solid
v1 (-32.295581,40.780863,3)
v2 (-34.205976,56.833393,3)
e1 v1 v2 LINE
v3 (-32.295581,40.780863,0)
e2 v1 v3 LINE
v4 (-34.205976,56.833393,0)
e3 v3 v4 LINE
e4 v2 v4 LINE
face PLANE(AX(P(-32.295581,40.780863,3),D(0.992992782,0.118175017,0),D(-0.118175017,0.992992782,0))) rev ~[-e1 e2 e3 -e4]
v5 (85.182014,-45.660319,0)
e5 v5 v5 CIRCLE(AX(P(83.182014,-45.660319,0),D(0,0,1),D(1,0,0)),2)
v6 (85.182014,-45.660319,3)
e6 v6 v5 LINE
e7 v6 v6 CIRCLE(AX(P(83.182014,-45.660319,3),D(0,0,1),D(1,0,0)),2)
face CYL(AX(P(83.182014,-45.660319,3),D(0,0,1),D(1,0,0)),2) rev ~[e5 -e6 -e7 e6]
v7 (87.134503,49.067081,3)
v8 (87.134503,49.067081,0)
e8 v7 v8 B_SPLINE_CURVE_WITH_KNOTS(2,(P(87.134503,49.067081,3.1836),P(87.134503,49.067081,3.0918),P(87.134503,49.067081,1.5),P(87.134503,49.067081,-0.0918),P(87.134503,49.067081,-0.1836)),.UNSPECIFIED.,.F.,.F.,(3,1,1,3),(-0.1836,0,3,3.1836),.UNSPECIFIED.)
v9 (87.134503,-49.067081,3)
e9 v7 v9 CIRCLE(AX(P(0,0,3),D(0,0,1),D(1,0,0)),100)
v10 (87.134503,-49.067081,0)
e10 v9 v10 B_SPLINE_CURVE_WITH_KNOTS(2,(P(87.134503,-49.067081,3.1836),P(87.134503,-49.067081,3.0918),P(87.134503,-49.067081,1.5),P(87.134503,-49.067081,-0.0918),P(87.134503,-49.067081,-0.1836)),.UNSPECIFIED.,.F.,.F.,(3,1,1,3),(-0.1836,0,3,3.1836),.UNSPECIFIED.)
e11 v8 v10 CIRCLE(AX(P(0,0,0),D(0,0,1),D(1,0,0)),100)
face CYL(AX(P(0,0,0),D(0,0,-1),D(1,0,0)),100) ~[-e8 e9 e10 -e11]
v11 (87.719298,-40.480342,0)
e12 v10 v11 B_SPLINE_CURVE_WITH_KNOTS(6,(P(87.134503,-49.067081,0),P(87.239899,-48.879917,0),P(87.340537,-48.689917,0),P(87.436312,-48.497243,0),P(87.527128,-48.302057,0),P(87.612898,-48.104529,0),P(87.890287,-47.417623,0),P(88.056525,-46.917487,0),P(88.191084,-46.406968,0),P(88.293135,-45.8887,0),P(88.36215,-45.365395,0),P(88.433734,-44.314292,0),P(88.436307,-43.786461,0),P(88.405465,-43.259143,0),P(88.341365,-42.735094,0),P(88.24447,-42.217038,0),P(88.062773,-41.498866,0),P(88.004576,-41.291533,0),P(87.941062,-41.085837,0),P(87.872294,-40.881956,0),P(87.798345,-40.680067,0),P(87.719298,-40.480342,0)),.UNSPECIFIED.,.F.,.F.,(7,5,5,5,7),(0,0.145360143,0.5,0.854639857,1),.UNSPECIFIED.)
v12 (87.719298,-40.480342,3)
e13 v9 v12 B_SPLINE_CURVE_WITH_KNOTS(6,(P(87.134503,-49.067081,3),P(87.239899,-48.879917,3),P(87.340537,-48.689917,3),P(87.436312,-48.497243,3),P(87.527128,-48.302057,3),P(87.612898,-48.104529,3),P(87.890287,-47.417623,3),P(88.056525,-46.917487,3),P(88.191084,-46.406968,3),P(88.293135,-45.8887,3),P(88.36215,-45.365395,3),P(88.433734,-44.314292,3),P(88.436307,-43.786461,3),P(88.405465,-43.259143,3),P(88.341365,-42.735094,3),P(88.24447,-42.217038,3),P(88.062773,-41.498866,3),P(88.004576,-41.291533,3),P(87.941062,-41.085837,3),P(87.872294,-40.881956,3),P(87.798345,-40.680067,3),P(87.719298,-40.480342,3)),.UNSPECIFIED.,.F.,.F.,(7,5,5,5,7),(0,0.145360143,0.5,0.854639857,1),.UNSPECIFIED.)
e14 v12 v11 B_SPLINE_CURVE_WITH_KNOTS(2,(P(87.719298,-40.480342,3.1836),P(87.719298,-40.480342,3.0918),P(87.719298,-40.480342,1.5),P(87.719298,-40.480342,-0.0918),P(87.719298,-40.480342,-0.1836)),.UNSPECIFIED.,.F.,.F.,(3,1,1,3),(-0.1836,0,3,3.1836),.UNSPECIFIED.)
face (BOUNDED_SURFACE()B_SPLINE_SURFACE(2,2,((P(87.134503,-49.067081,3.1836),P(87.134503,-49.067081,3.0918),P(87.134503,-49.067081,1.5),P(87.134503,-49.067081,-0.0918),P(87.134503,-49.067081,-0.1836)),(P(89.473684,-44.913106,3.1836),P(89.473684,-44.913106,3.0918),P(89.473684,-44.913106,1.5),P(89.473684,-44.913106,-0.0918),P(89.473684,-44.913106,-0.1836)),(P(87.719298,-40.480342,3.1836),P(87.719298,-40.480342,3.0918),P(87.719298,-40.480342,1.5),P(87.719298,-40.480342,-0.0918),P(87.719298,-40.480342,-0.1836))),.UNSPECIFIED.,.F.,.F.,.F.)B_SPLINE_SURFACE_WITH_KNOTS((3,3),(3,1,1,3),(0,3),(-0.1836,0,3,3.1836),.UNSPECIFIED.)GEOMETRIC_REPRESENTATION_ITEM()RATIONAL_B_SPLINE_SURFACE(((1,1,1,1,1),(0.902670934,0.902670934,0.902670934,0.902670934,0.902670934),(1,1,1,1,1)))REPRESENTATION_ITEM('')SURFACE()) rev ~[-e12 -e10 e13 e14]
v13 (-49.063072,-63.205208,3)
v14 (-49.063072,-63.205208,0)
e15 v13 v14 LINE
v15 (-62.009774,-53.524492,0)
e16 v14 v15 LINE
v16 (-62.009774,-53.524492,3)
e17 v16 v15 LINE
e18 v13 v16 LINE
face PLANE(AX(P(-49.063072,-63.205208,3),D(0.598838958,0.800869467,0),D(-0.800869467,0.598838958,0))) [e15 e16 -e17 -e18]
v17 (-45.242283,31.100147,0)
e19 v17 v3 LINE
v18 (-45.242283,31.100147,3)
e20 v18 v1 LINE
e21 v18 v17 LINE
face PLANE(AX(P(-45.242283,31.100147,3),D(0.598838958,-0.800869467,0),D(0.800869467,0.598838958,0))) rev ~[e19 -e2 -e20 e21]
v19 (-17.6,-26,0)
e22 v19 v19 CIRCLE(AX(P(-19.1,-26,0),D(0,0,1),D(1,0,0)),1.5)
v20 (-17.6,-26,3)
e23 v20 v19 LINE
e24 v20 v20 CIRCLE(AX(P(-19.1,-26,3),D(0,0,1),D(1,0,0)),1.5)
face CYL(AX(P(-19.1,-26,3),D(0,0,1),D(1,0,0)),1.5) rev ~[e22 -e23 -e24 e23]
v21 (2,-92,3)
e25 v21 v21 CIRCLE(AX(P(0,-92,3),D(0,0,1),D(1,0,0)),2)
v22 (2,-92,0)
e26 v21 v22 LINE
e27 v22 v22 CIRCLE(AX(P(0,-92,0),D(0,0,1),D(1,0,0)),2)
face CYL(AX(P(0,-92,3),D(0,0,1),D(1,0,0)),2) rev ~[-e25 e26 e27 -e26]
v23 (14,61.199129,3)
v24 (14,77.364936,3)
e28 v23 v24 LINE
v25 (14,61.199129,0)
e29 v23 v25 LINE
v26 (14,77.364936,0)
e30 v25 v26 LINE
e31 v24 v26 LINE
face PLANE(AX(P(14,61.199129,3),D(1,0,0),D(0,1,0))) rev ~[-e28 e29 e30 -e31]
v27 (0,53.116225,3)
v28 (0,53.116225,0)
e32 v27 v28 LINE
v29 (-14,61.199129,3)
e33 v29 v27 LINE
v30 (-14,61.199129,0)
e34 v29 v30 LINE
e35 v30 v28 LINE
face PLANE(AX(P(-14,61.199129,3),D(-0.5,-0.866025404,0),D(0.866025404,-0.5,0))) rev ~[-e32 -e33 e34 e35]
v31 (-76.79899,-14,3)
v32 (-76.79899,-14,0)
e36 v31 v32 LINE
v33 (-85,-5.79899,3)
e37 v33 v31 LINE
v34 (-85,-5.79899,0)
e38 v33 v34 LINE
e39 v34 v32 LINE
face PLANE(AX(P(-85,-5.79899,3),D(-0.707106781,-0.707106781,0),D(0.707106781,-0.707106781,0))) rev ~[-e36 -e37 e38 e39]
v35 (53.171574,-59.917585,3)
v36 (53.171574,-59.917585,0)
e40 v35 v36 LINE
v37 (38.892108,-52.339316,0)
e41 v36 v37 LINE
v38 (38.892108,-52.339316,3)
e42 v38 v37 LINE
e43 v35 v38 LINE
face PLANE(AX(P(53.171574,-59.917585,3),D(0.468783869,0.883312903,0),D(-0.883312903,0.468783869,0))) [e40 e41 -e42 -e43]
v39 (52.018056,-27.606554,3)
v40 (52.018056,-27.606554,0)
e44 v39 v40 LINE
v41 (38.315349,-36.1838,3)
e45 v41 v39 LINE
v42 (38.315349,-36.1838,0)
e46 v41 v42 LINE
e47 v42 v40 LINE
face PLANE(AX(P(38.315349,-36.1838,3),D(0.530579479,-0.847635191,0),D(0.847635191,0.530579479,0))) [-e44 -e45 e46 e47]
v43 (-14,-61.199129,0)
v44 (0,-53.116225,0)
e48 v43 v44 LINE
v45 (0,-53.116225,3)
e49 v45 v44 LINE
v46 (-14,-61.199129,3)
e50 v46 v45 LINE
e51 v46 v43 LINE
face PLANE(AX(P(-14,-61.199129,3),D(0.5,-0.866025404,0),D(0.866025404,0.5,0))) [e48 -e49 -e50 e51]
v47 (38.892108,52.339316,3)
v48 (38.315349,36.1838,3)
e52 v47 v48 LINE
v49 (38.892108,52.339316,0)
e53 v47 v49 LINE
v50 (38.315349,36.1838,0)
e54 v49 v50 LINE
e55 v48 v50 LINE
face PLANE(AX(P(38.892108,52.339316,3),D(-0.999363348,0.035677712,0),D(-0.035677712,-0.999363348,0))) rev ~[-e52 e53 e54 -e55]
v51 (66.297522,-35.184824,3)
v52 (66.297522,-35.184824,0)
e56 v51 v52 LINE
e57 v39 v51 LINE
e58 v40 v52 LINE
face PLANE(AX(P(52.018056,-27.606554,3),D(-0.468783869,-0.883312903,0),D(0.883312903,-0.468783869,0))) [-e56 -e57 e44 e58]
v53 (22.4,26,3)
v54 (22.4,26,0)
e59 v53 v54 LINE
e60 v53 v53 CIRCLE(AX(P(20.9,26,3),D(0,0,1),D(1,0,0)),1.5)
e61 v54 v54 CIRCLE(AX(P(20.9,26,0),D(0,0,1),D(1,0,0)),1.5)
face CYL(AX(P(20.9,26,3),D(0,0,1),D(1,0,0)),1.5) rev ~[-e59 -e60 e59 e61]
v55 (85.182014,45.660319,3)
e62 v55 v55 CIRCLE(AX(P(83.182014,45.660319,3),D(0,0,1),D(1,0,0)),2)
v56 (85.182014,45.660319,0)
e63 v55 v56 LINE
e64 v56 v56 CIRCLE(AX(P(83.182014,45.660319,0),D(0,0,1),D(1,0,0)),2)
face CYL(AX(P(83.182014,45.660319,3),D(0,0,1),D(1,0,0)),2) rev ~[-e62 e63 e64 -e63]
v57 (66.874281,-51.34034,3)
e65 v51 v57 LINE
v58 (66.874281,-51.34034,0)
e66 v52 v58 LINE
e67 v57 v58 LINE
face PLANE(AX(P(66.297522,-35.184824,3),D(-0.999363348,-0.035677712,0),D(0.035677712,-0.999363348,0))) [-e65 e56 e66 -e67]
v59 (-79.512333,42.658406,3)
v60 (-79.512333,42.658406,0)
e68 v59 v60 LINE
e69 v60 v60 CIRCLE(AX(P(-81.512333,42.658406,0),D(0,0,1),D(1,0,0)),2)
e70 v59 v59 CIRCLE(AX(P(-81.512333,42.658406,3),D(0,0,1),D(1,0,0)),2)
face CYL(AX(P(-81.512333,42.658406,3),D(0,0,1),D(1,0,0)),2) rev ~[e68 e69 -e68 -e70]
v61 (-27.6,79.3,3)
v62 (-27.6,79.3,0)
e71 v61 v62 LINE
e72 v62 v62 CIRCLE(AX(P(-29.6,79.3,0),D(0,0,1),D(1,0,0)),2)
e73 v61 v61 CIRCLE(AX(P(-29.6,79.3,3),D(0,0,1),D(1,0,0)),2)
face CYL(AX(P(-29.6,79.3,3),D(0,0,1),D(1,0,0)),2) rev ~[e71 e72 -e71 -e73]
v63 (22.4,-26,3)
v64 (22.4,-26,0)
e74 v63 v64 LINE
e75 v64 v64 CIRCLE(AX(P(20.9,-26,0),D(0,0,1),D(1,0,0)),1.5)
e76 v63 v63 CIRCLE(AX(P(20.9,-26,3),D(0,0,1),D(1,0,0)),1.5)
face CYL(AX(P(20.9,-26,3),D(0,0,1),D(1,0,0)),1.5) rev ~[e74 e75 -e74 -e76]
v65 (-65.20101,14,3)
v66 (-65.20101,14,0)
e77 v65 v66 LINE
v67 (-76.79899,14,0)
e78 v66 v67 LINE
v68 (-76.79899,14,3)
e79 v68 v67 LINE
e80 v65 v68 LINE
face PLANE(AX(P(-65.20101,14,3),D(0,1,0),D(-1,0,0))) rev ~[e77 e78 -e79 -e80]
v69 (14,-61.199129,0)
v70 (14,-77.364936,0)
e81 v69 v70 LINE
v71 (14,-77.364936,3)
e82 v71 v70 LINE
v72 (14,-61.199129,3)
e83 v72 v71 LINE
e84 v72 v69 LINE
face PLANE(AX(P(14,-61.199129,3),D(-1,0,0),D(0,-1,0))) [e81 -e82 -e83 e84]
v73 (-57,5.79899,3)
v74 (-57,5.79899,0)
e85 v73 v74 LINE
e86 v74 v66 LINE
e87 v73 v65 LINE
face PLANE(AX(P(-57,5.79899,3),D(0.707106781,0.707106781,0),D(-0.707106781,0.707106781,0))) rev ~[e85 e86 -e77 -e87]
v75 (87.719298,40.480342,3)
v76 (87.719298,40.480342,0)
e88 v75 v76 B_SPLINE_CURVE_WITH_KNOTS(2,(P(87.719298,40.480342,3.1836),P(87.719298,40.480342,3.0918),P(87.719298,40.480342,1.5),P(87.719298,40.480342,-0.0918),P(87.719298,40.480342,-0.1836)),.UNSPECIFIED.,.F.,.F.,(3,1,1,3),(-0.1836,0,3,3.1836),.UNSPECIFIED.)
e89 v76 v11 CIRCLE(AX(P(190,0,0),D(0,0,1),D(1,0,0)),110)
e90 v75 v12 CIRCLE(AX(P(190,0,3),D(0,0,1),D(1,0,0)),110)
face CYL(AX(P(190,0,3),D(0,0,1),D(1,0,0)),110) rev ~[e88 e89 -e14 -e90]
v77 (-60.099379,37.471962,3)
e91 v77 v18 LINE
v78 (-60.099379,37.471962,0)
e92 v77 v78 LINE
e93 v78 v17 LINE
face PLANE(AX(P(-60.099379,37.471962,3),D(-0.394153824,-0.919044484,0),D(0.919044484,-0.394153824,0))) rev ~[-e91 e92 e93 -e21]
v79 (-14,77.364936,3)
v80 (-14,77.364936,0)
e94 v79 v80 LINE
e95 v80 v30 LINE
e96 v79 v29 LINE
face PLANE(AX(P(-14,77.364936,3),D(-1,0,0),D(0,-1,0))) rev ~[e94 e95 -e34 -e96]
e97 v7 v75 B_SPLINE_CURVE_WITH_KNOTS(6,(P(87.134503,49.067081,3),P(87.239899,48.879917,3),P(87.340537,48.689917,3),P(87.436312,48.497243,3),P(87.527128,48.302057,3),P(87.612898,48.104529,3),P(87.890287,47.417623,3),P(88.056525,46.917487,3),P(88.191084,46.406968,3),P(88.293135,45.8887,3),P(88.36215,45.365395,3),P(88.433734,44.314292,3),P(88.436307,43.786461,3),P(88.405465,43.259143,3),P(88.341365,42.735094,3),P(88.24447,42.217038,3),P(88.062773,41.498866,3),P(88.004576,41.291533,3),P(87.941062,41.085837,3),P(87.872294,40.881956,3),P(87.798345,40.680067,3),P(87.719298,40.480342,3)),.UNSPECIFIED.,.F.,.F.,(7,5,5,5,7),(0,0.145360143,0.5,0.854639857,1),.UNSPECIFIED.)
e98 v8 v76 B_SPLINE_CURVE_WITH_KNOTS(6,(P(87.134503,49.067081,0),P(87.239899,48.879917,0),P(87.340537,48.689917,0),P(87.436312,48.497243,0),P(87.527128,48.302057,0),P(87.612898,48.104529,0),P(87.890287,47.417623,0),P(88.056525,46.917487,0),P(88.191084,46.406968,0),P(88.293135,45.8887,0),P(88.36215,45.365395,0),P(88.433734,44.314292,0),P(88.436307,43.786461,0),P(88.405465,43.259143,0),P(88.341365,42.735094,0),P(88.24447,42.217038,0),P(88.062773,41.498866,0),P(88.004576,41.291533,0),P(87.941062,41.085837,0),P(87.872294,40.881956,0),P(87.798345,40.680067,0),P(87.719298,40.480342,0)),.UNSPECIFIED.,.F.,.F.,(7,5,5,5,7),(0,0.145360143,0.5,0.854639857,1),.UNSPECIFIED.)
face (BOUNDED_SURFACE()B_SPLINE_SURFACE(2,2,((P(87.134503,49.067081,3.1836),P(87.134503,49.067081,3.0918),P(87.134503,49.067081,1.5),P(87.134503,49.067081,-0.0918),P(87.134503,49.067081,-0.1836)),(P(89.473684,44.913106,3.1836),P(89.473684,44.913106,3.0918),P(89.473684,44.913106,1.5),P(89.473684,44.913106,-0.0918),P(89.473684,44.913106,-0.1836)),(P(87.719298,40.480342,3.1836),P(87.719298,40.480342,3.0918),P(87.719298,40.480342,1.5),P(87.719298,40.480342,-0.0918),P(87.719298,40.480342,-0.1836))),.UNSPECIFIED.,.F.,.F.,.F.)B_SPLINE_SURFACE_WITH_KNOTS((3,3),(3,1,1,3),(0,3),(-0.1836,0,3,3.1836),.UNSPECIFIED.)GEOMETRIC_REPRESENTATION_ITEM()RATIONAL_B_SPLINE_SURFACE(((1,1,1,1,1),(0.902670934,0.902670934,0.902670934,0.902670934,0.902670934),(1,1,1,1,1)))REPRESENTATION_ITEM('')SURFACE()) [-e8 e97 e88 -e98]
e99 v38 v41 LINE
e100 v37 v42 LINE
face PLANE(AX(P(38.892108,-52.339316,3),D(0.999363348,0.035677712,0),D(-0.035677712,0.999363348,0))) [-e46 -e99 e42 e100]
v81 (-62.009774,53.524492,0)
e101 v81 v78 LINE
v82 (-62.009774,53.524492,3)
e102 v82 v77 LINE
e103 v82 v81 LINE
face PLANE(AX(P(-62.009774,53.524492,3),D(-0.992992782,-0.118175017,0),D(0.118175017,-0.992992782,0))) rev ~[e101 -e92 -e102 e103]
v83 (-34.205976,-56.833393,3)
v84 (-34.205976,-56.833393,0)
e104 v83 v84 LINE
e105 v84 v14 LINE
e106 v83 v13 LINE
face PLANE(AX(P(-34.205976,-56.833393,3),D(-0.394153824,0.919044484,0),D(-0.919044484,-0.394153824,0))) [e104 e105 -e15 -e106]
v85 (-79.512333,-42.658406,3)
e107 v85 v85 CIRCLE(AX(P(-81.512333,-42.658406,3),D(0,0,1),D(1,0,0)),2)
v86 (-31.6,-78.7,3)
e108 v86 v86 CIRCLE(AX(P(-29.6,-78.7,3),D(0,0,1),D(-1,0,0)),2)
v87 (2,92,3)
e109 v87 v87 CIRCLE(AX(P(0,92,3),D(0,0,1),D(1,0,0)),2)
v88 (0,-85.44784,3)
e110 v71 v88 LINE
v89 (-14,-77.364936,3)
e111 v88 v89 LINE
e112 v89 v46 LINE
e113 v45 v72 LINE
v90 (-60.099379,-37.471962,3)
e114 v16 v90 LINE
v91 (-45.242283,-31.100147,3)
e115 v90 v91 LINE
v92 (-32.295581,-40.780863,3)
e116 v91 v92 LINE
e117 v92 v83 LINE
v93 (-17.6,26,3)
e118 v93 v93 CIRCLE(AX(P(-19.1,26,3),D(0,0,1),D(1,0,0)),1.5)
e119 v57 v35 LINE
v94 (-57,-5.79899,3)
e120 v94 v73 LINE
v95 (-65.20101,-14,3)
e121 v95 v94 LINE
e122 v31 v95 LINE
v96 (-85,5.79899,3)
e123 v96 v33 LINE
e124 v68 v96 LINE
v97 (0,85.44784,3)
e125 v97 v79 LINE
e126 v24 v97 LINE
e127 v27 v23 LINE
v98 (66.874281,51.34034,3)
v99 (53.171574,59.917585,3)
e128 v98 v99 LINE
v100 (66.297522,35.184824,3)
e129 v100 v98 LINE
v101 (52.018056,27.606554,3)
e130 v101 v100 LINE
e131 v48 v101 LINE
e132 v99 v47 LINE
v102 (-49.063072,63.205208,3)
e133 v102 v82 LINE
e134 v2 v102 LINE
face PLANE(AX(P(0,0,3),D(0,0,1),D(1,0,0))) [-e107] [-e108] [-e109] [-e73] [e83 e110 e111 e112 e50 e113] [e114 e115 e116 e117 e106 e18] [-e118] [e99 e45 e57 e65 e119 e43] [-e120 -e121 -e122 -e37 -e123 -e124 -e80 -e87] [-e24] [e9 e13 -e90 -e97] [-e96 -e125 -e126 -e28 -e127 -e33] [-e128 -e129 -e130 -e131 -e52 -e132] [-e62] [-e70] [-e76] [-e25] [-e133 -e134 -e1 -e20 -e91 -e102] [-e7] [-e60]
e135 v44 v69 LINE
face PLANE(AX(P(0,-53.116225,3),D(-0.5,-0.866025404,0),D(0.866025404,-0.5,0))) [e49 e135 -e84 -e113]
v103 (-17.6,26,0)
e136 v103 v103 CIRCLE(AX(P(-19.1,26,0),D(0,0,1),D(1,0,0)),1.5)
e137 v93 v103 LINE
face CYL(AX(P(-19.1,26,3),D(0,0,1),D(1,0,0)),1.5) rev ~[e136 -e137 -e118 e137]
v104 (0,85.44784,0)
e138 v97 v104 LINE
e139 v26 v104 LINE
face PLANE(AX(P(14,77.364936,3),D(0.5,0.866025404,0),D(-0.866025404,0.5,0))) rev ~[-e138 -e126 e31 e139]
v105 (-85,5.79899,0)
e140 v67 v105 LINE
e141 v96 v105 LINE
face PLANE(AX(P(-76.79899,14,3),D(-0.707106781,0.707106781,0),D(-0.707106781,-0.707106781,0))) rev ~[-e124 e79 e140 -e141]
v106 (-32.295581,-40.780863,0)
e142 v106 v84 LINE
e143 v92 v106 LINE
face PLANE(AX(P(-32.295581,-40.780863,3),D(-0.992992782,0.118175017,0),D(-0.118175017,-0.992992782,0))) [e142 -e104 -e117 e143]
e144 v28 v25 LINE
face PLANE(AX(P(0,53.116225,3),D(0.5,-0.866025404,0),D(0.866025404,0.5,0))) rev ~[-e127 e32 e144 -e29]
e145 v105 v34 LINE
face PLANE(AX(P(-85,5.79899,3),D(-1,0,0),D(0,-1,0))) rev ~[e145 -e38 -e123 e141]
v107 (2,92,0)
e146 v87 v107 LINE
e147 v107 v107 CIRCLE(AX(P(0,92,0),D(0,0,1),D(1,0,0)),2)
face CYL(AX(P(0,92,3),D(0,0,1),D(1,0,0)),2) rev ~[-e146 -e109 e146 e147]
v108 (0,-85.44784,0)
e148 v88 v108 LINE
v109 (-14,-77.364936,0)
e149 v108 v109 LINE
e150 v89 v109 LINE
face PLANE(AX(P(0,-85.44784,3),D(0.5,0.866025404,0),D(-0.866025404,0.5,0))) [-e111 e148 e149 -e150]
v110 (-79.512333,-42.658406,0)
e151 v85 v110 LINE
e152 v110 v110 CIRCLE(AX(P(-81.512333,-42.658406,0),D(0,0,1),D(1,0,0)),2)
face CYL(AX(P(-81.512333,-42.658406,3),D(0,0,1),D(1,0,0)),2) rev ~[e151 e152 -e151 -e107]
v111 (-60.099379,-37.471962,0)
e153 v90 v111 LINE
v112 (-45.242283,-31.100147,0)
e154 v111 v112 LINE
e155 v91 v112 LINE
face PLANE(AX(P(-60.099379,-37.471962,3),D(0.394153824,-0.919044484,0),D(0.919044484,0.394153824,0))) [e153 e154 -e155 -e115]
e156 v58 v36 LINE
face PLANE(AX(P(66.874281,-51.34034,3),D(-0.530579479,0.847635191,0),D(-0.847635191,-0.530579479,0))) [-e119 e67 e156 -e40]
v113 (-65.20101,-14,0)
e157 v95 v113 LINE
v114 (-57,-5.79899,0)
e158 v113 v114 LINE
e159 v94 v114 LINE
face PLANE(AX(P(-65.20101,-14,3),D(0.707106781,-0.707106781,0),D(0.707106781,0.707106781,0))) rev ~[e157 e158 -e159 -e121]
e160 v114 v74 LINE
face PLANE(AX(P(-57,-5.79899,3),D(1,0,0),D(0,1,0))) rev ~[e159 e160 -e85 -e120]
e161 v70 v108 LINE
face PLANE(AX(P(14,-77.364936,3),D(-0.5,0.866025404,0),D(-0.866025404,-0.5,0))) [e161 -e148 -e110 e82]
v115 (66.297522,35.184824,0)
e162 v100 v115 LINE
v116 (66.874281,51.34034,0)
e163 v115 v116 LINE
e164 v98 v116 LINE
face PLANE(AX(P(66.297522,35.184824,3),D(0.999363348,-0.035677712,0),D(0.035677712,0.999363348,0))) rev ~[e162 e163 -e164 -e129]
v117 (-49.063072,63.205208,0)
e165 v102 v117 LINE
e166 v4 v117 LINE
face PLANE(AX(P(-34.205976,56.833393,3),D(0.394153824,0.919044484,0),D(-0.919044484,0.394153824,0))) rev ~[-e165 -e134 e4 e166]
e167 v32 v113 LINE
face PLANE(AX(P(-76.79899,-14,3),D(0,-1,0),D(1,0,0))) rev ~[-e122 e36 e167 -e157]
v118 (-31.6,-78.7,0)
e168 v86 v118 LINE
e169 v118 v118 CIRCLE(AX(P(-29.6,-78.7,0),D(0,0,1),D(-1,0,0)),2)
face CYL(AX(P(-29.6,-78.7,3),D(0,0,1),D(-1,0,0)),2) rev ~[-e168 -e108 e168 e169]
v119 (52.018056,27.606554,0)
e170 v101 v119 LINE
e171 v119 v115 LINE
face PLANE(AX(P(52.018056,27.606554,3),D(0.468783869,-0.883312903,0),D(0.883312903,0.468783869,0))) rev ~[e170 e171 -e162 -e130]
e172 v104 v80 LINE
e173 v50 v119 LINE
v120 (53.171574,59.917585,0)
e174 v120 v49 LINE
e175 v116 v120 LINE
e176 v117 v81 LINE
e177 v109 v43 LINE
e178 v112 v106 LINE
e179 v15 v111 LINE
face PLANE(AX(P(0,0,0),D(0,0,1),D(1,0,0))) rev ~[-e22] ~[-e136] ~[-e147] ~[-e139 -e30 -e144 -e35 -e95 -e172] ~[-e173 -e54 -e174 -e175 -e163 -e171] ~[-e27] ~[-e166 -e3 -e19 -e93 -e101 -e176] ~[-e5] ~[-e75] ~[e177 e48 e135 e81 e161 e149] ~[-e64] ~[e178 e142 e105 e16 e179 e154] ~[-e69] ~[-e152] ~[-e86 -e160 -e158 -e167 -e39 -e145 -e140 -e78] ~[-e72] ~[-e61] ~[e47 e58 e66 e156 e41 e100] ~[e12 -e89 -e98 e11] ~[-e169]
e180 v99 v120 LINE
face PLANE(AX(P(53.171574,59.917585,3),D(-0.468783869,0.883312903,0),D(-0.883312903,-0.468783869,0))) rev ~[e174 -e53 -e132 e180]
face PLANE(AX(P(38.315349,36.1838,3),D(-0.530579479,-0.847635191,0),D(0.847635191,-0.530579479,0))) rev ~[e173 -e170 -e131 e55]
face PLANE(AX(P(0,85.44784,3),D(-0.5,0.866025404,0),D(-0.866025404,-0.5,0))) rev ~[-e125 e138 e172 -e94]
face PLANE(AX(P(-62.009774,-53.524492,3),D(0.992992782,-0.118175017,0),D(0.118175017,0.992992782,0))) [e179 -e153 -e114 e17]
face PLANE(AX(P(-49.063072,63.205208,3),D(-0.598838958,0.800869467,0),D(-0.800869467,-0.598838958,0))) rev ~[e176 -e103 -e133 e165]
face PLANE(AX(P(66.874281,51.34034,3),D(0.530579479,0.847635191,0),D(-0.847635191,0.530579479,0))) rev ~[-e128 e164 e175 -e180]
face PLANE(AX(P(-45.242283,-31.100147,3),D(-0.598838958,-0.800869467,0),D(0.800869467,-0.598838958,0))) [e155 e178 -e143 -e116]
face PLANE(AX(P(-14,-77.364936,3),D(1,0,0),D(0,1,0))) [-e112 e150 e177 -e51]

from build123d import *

# Parameters (mm, degrees)
CROQUIS1_R              = 100
SALIENTE_EXTRUIR1_DEPTH = 3
CROQUIS3_R              = 110
CORTAR_EXTRUIR1_DEPTH   = 3
REDONDEO1_R             = 10
CROQUIS4_R              = 1.5
CORTAR_EXTRUIR2_DEPTH   = 10
CORTAR_EXTRUIR3_DEPTH   = 10
CROQUIS6_R              = 2
CORTAR_EXTRUIR4_DEPTH   = 142.453172607


with BuildPart() as part:
    # Croquis1 → Saliente-Extruir1 (new body)
    with BuildSketch(Plane.XY):
        Circle(CROQUIS1_R)
    extrude(amount=SALIENTE_EXTRUIR1_DEPTH)

    # Croquis3 → Cortar-Extruir1 (cut)
    with BuildSketch(Plane.XY.offset(3)):
        with Locations((190, 0)):
            Circle(CROQUIS3_R)
    extrude(amount=-CORTAR_EXTRUIR1_DEPTH, mode=Mode.SUBTRACT)

    # Redondeo1
    redondeo1_edges = [part.edges().sort_by_distance(p)[0] for p in [
        (89.473684211, -44.659375654, 1.5),
        (89.473684211, 44.659375654, 1.5),
    ]]
    fillet(redondeo1_edges, radius=REDONDEO1_R)

    # Croquis4 → Cortar-Extruir2 (cut)
    with BuildSketch(Plane.XY.offset(3)):
        with Locations((-19.1, -26)):
            Circle(CROQUIS4_R)
        with Locations((20.9, -26)):
            Circle(CROQUIS4_R)
        with Locations((20.9, 26)):
            Circle(CROQUIS4_R)
        with Locations((-19.1, 26)):
            Circle(CROQUIS4_R)
    extrude(amount=-CORTAR_EXTRUIR2_DEPTH, mode=Mode.SUBTRACT)

    # Croquis5 → Cortar-Extruir3 (cut)
    with BuildSketch(Plane.XY.offset(3)):
        Polygon((66.297522474, -35.184824102), (66.874281495, -51.340339642), (53.171574136, -59.917585376), (38.892107757, -52.339315569), (38.315348736, -36.183800029), (52.018056095, -27.606554296), align=None)
        Polygon((14, 61.199128534), (14, 77.364936071), (0, 85.44783984), (-14, 77.364936071), (-14, 61.199128534), (0, 53.116224765), align=None)
        Polygon((-34.205975888, 56.833392886), (-49.063072127, 63.205207751), (-62.009773788, 53.524492414), (-60.099379209, 37.471962211), (-45.24228297, 31.100147347), (-32.295581309, 40.780862684), align=None)
        Polygon((66.874281495, 51.340339642), (53.171574136, 59.917585376), (38.892107757, 52.339315569), (38.315348736, 36.183800029), (52.018056095, 27.606554296), (66.297522474, 35.184824102), align=None)
        Polygon((-57, 5.798989873), (-65.201010127, 14), (-76.798989873, 14), (-85, 5.798989873), (-85, -5.798989873), (-76.798989873, -14), (-65.201010127, -14), (-57, -5.798989873), align=None)
        Polygon((0, -53.116224765), (14, -61.199128534), (14, -77.364936071), (0, -85.44783984), (-14, -77.364936071), (-14, -61.199128534), align=None)
        Polygon((-32.295581309, -40.780862684), (-34.205975888, -56.833392886), (-49.063072127, -63.205207751), (-62.009773788, -53.524492414), (-60.099379209, -37.471962211), (-45.24228297, -31.100147347), align=None)
    extrude(amount=-CORTAR_EXTRUIR3_DEPTH, mode=Mode.SUBTRACT)

    # Croquis6 → Cortar-Extruir4 (cut, through all)
    with BuildSketch(Plane.XY.offset(3)):
        with Locations((0, 92)):
            Circle(CROQUIS6_R)
        with Locations((83.182013697, 45.66031863)):
            Circle(CROQUIS6_R)
        with Locations((83.182013697, -45.66031863)):
            Circle(CROQUIS6_R)
        with Locations((0, -92)):
            Circle(CROQUIS6_R)
        with Locations((-81.512332571, -42.658406426)):
            Circle(CROQUIS6_R)
        with Locations((-81.512332571, 42.658406426)):
            Circle(CROQUIS6_R)
        with Locations((-29.6, -78.7)):
            Circle(CROQUIS6_R)
        with Locations((-29.6, 79.3)):
            Circle(CROQUIS6_R)
    extrude(amount=-CORTAR_EXTRUIR4_DEPTH, mode=Mode.SUBTRACT)


solid = part.part
